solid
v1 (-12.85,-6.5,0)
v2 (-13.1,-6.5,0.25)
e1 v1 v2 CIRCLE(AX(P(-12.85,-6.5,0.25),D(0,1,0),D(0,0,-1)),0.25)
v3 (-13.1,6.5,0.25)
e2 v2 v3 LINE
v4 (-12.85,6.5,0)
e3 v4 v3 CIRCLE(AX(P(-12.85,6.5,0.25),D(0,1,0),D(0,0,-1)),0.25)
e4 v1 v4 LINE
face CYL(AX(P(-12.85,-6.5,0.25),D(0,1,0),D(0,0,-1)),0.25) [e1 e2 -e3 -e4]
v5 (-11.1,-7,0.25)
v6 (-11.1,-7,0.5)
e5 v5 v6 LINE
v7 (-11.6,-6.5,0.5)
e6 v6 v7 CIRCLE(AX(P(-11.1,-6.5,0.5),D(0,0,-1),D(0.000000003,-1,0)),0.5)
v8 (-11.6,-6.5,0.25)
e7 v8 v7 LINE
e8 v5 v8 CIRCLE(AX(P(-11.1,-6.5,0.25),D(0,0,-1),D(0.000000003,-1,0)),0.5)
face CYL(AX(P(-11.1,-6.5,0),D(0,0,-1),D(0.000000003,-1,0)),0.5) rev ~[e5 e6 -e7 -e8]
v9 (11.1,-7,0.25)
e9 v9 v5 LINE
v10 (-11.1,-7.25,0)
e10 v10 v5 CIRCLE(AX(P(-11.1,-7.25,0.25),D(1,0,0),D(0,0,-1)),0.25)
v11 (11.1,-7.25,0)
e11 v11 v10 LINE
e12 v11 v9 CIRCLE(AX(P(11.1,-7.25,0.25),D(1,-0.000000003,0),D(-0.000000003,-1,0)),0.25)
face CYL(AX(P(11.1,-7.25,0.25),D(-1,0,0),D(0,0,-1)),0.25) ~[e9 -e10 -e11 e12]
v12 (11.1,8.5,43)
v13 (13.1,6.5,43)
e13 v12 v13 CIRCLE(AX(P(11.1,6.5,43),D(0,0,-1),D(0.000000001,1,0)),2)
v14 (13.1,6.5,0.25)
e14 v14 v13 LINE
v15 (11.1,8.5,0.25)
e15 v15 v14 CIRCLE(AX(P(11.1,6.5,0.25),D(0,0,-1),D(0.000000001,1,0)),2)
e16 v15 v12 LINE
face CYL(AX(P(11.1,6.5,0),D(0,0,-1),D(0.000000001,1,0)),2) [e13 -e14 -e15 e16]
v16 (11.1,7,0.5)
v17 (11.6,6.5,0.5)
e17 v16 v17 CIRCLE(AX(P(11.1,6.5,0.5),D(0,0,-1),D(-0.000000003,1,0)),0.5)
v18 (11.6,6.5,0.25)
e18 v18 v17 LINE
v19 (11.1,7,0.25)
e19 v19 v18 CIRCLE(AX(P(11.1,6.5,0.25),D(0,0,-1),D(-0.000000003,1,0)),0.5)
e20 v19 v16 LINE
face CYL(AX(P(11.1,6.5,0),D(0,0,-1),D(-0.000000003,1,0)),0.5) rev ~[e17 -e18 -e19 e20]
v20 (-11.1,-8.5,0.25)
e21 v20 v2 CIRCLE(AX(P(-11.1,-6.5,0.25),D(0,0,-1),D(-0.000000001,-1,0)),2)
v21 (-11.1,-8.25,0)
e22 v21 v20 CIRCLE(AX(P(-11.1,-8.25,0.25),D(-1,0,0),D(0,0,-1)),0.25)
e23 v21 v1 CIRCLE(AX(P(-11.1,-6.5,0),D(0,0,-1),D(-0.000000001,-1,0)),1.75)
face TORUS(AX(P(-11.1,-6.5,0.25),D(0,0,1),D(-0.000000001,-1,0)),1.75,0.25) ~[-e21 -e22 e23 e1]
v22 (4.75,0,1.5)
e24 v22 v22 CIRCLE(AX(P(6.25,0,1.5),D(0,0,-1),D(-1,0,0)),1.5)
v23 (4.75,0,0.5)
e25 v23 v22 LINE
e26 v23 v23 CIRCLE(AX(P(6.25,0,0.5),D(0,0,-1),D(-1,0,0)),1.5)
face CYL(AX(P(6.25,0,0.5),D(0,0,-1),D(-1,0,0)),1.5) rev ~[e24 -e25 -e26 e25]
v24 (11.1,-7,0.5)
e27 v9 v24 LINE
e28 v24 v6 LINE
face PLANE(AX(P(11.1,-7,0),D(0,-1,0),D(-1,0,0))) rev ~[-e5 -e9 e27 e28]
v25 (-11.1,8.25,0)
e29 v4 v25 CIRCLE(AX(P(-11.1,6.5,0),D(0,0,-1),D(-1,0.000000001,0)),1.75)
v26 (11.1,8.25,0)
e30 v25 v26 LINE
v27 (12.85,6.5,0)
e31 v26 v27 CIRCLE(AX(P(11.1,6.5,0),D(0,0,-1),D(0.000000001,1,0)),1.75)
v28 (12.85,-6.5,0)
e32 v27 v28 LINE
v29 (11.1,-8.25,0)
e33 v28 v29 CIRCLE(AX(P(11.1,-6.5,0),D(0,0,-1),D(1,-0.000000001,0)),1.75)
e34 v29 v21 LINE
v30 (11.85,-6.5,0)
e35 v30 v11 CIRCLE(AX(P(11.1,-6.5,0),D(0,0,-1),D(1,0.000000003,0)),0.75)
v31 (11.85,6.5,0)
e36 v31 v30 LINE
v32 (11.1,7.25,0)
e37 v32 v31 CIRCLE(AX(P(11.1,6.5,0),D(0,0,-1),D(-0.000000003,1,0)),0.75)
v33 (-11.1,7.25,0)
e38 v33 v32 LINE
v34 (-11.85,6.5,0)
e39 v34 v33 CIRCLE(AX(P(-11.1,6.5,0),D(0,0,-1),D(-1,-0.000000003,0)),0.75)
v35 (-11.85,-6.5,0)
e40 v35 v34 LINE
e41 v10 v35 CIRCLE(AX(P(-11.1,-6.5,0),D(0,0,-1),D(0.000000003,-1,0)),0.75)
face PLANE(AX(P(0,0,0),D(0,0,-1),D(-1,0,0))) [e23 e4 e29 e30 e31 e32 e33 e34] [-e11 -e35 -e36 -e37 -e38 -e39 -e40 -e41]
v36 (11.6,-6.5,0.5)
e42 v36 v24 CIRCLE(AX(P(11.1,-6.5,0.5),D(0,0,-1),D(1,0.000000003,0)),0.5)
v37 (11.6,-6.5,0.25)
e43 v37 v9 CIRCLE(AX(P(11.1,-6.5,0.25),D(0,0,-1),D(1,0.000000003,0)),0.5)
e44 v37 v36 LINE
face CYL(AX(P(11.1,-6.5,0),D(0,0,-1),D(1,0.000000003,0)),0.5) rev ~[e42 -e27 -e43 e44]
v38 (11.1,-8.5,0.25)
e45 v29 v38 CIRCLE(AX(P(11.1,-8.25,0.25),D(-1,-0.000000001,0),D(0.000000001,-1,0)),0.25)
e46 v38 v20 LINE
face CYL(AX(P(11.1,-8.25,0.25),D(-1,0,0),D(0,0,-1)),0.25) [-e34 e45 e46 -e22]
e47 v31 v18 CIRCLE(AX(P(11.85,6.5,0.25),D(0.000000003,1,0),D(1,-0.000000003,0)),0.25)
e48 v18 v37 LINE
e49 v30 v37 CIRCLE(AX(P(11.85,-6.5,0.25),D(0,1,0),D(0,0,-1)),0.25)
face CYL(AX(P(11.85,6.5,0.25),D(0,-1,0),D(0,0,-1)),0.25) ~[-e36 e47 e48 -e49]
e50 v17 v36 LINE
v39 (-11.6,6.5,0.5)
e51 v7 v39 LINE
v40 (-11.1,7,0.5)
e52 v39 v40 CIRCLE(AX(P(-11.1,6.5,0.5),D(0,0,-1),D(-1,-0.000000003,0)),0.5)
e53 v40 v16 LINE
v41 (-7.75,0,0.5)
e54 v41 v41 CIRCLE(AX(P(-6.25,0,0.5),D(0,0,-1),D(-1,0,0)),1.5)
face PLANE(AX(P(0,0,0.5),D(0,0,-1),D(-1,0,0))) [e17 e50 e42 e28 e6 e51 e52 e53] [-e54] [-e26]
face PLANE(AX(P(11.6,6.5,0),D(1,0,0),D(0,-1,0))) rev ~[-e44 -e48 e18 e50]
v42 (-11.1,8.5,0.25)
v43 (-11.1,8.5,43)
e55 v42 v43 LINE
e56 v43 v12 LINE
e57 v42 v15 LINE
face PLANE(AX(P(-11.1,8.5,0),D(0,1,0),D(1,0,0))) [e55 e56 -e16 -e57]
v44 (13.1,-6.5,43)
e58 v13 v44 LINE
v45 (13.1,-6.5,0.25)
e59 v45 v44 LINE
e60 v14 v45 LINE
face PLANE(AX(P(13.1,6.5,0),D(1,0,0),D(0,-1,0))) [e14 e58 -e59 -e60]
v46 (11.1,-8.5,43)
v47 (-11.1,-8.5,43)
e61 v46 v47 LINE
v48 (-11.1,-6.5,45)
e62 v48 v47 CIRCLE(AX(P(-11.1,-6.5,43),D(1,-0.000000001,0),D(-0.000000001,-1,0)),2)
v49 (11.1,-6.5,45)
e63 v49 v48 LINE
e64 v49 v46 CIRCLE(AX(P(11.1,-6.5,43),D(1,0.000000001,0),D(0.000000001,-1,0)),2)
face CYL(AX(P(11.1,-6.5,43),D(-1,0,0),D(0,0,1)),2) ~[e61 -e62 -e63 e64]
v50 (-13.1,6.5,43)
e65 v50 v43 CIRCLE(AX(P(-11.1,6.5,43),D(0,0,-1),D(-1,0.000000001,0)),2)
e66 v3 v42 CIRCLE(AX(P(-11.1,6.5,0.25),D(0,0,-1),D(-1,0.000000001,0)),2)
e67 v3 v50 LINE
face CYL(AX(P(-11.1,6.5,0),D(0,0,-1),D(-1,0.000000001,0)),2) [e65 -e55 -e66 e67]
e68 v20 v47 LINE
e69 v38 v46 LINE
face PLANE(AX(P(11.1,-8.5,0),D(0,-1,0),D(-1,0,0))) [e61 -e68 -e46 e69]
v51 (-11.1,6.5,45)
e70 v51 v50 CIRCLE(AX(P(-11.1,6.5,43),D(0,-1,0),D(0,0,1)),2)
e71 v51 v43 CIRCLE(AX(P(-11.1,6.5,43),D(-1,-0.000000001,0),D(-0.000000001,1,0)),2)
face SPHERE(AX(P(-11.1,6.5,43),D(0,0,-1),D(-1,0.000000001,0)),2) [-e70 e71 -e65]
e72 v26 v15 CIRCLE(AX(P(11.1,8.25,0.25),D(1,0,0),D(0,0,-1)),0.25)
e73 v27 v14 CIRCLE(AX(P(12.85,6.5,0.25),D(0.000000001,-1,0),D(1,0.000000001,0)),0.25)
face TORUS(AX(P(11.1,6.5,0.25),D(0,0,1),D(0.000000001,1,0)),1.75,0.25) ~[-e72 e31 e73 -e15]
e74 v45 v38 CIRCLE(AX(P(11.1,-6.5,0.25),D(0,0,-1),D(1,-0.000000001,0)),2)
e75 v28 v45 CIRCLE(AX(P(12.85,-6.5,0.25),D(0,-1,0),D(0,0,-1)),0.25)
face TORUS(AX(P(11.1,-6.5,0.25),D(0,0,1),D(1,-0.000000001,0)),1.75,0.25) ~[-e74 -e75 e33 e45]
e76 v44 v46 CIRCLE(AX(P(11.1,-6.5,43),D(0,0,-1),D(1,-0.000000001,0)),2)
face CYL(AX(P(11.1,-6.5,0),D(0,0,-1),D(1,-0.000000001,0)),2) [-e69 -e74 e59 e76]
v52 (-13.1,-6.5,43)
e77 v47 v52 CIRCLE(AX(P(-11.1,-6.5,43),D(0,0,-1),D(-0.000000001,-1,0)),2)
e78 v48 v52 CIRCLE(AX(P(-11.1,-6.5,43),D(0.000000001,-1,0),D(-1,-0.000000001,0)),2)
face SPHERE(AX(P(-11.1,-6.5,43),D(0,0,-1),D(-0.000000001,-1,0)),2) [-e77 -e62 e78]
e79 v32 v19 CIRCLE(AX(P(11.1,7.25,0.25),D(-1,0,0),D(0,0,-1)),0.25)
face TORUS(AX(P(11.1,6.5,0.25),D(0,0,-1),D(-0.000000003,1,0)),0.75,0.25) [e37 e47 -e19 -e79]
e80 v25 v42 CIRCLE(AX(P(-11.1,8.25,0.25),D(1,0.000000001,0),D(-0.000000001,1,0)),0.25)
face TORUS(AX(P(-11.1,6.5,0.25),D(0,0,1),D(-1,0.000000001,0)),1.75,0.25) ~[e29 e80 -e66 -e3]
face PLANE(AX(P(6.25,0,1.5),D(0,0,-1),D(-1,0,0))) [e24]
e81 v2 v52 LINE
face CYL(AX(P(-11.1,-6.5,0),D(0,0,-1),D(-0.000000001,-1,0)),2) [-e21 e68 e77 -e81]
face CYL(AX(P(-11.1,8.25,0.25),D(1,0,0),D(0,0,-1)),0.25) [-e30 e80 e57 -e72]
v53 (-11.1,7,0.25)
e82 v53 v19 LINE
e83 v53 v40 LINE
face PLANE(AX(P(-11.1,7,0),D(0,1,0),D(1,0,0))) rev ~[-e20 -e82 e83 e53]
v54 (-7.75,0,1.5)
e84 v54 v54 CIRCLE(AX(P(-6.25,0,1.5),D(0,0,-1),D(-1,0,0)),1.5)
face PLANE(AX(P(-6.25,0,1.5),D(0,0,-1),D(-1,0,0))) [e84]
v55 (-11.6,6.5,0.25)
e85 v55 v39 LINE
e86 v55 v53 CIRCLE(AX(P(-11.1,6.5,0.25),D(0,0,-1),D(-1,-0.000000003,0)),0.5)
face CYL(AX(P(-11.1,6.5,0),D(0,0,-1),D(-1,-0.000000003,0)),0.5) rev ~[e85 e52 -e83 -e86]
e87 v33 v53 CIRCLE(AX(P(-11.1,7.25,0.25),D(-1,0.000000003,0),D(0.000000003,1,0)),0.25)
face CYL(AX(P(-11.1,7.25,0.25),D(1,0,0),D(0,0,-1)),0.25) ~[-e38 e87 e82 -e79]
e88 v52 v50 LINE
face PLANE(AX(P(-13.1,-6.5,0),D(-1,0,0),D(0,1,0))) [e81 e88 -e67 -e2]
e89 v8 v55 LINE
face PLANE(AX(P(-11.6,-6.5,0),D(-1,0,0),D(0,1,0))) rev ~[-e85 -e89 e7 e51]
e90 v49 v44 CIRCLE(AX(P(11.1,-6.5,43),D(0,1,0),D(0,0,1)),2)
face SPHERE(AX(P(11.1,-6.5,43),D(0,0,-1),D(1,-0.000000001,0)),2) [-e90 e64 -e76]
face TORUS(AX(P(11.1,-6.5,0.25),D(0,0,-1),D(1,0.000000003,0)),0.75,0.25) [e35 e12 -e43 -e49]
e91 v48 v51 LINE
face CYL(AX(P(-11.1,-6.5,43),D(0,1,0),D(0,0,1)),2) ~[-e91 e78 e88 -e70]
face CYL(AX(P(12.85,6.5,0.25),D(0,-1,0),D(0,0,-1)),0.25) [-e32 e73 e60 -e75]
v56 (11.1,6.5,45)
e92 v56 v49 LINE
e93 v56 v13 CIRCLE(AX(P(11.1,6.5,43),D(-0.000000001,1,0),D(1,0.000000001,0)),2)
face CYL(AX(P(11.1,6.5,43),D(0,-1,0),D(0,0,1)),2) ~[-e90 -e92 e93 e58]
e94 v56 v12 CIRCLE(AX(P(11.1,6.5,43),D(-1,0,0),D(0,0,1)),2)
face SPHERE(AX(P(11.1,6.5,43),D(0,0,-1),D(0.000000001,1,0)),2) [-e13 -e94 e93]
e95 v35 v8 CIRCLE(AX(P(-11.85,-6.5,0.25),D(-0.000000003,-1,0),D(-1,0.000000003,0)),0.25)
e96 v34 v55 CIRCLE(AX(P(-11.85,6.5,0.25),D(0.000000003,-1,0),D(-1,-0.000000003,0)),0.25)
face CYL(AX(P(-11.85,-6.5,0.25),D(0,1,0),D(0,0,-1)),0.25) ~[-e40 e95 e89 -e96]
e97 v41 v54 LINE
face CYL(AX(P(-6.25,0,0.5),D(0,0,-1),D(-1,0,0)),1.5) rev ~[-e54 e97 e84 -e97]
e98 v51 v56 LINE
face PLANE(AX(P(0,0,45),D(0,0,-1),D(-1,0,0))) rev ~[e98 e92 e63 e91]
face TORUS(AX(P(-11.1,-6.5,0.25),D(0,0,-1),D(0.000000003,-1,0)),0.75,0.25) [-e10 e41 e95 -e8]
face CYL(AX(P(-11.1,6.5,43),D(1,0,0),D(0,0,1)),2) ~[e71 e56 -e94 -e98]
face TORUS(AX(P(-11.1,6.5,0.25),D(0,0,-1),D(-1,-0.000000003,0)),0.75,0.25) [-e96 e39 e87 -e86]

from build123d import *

# Parameters (mm, degrees)
BOSS_EXTRU_1_DEPTH      = 45
ENL_V_MAT_EXTRU_1_DEPTH = 0.5
CONG_1_R                = 0.25
CONG_2_R                = 2
ESQUISSE3_R             = 1.5
ENL_V_MAT_EXTRU_2_DEPTH = 1


with BuildPart() as part:
    # Esquisse1 → Boss.-Extru.1 (new body)
    with BuildSketch(Plane.XY):
        with BuildLine():
            Line((-11.1, 8.5), (11.1, 8.5))
            ThreePointArc((11.1, 8.5), (12.514213562, 7.914213562), (13.1, 6.5))
            Line((13.1, 6.5), (13.1, -6.5))
            ThreePointArc((13.1, -6.5), (12.514213562, -7.914213562), (11.1, -8.5))
            Line((11.1, -8.5), (-11.1, -8.5))
            ThreePointArc((-11.1, -8.5), (-12.514213562, -7.914213562), (-13.1, -6.5))
            Line((-13.1, -6.5), (-13.1, 6.5))
            ThreePointArc((-13.1, 6.5), (-12.514213562, 7.914213562), (-11.1, 8.5))
        make_face()
    extrude(amount=BOSS_EXTRU_1_DEPTH)

    # Esquisse2 → Enlèv. mat.-Extru.1 (cut)
    with BuildSketch(Plane(origin=(0, 0, 0), x_dir=(-1, 0, 0), z_dir=(0, 0, -1))):
        with BuildLine():
            Line((11.6, -6.5), (11.6, 6.5))
            ThreePointArc((11.6, 6.5), (11.453553391, 6.853553391), (11.1, 7))
            Line((11.1, 7), (-11.1, 7))
            ThreePointArc((-11.1, 7), (-11.453553391, 6.853553391), (-11.6, 6.5))
            Line((-11.6, 6.5), (-11.6, -6.5))
            ThreePointArc((-11.6, -6.5), (-11.453553391, -6.853553391), (-11.1, -7))
            Line((-11.1, -7), (11.1, -7))
            ThreePointArc((11.1, -7), (11.453553391, -6.853553391), (11.6, -6.5))
        make_face()
    extrude(amount=-ENL_V_MAT_EXTRU_1_DEPTH, mode=Mode.SUBTRACT)

    # Congé1
    cong_1_edges = [part.edges().sort_by_distance(p)[0] for p in [
        (-13.1, 0, 0),
        (-12.514213562, 7.914213562, 0),
        (-11.453553391, 6.853553391, 0),
        (0, 7, 0),
        (11.453553391, 6.853553391, 0),
        (11.6, 0, 0),
        (11.453553391, -6.853553391, 0),
        (0, -7, 0),
        (-11.453553391, -6.853553391, 0),
        (-11.6, 0, 0),
        (0, 8.5, 0),
        (12.514213562, 7.914213562, 0),
        (13.1, 0, 0),
        (12.514213562, -7.914213562, 0),
        (0, -8.5, 0),
        (-12.514213562, -7.914213562, 0),
    ]]
    fillet(cong_1_edges, radius=CONG_1_R)

    # Congé2
    cong_2_edges = [part.edges().sort_by_distance(p)[0] for p in [
        (-12.514213562, -7.914213562, 45),
        (0, -8.5, 45),
        (12.514213562, -7.914213562, 45),
        (13.1, 0, 45),
        (12.514213562, 7.914213562, 45),
        (0, 8.5, 45),
        (-12.514213562, 7.914213562, 45),
        (-13.1, 0, 45),
    ]]
    fillet(cong_2_edges, radius=CONG_2_R)

    # Esquisse3 → Enlèv. mat.-Extru.2 (cut)
    with BuildSketch(Plane(origin=(0, 0, 0.5), x_dir=(-1, 0, 0), z_dir=(0, 0, -1))):
        with Locations((-6.25, 0)):
            Circle(ESQUISSE3_R)
        with Locations((6.25, 0)):
            Circle(ESQUISSE3_R)
    extrude(amount=-ENL_V_MAT_EXTRU_2_DEPTH, mode=Mode.SUBTRACT)


solid = part.part
